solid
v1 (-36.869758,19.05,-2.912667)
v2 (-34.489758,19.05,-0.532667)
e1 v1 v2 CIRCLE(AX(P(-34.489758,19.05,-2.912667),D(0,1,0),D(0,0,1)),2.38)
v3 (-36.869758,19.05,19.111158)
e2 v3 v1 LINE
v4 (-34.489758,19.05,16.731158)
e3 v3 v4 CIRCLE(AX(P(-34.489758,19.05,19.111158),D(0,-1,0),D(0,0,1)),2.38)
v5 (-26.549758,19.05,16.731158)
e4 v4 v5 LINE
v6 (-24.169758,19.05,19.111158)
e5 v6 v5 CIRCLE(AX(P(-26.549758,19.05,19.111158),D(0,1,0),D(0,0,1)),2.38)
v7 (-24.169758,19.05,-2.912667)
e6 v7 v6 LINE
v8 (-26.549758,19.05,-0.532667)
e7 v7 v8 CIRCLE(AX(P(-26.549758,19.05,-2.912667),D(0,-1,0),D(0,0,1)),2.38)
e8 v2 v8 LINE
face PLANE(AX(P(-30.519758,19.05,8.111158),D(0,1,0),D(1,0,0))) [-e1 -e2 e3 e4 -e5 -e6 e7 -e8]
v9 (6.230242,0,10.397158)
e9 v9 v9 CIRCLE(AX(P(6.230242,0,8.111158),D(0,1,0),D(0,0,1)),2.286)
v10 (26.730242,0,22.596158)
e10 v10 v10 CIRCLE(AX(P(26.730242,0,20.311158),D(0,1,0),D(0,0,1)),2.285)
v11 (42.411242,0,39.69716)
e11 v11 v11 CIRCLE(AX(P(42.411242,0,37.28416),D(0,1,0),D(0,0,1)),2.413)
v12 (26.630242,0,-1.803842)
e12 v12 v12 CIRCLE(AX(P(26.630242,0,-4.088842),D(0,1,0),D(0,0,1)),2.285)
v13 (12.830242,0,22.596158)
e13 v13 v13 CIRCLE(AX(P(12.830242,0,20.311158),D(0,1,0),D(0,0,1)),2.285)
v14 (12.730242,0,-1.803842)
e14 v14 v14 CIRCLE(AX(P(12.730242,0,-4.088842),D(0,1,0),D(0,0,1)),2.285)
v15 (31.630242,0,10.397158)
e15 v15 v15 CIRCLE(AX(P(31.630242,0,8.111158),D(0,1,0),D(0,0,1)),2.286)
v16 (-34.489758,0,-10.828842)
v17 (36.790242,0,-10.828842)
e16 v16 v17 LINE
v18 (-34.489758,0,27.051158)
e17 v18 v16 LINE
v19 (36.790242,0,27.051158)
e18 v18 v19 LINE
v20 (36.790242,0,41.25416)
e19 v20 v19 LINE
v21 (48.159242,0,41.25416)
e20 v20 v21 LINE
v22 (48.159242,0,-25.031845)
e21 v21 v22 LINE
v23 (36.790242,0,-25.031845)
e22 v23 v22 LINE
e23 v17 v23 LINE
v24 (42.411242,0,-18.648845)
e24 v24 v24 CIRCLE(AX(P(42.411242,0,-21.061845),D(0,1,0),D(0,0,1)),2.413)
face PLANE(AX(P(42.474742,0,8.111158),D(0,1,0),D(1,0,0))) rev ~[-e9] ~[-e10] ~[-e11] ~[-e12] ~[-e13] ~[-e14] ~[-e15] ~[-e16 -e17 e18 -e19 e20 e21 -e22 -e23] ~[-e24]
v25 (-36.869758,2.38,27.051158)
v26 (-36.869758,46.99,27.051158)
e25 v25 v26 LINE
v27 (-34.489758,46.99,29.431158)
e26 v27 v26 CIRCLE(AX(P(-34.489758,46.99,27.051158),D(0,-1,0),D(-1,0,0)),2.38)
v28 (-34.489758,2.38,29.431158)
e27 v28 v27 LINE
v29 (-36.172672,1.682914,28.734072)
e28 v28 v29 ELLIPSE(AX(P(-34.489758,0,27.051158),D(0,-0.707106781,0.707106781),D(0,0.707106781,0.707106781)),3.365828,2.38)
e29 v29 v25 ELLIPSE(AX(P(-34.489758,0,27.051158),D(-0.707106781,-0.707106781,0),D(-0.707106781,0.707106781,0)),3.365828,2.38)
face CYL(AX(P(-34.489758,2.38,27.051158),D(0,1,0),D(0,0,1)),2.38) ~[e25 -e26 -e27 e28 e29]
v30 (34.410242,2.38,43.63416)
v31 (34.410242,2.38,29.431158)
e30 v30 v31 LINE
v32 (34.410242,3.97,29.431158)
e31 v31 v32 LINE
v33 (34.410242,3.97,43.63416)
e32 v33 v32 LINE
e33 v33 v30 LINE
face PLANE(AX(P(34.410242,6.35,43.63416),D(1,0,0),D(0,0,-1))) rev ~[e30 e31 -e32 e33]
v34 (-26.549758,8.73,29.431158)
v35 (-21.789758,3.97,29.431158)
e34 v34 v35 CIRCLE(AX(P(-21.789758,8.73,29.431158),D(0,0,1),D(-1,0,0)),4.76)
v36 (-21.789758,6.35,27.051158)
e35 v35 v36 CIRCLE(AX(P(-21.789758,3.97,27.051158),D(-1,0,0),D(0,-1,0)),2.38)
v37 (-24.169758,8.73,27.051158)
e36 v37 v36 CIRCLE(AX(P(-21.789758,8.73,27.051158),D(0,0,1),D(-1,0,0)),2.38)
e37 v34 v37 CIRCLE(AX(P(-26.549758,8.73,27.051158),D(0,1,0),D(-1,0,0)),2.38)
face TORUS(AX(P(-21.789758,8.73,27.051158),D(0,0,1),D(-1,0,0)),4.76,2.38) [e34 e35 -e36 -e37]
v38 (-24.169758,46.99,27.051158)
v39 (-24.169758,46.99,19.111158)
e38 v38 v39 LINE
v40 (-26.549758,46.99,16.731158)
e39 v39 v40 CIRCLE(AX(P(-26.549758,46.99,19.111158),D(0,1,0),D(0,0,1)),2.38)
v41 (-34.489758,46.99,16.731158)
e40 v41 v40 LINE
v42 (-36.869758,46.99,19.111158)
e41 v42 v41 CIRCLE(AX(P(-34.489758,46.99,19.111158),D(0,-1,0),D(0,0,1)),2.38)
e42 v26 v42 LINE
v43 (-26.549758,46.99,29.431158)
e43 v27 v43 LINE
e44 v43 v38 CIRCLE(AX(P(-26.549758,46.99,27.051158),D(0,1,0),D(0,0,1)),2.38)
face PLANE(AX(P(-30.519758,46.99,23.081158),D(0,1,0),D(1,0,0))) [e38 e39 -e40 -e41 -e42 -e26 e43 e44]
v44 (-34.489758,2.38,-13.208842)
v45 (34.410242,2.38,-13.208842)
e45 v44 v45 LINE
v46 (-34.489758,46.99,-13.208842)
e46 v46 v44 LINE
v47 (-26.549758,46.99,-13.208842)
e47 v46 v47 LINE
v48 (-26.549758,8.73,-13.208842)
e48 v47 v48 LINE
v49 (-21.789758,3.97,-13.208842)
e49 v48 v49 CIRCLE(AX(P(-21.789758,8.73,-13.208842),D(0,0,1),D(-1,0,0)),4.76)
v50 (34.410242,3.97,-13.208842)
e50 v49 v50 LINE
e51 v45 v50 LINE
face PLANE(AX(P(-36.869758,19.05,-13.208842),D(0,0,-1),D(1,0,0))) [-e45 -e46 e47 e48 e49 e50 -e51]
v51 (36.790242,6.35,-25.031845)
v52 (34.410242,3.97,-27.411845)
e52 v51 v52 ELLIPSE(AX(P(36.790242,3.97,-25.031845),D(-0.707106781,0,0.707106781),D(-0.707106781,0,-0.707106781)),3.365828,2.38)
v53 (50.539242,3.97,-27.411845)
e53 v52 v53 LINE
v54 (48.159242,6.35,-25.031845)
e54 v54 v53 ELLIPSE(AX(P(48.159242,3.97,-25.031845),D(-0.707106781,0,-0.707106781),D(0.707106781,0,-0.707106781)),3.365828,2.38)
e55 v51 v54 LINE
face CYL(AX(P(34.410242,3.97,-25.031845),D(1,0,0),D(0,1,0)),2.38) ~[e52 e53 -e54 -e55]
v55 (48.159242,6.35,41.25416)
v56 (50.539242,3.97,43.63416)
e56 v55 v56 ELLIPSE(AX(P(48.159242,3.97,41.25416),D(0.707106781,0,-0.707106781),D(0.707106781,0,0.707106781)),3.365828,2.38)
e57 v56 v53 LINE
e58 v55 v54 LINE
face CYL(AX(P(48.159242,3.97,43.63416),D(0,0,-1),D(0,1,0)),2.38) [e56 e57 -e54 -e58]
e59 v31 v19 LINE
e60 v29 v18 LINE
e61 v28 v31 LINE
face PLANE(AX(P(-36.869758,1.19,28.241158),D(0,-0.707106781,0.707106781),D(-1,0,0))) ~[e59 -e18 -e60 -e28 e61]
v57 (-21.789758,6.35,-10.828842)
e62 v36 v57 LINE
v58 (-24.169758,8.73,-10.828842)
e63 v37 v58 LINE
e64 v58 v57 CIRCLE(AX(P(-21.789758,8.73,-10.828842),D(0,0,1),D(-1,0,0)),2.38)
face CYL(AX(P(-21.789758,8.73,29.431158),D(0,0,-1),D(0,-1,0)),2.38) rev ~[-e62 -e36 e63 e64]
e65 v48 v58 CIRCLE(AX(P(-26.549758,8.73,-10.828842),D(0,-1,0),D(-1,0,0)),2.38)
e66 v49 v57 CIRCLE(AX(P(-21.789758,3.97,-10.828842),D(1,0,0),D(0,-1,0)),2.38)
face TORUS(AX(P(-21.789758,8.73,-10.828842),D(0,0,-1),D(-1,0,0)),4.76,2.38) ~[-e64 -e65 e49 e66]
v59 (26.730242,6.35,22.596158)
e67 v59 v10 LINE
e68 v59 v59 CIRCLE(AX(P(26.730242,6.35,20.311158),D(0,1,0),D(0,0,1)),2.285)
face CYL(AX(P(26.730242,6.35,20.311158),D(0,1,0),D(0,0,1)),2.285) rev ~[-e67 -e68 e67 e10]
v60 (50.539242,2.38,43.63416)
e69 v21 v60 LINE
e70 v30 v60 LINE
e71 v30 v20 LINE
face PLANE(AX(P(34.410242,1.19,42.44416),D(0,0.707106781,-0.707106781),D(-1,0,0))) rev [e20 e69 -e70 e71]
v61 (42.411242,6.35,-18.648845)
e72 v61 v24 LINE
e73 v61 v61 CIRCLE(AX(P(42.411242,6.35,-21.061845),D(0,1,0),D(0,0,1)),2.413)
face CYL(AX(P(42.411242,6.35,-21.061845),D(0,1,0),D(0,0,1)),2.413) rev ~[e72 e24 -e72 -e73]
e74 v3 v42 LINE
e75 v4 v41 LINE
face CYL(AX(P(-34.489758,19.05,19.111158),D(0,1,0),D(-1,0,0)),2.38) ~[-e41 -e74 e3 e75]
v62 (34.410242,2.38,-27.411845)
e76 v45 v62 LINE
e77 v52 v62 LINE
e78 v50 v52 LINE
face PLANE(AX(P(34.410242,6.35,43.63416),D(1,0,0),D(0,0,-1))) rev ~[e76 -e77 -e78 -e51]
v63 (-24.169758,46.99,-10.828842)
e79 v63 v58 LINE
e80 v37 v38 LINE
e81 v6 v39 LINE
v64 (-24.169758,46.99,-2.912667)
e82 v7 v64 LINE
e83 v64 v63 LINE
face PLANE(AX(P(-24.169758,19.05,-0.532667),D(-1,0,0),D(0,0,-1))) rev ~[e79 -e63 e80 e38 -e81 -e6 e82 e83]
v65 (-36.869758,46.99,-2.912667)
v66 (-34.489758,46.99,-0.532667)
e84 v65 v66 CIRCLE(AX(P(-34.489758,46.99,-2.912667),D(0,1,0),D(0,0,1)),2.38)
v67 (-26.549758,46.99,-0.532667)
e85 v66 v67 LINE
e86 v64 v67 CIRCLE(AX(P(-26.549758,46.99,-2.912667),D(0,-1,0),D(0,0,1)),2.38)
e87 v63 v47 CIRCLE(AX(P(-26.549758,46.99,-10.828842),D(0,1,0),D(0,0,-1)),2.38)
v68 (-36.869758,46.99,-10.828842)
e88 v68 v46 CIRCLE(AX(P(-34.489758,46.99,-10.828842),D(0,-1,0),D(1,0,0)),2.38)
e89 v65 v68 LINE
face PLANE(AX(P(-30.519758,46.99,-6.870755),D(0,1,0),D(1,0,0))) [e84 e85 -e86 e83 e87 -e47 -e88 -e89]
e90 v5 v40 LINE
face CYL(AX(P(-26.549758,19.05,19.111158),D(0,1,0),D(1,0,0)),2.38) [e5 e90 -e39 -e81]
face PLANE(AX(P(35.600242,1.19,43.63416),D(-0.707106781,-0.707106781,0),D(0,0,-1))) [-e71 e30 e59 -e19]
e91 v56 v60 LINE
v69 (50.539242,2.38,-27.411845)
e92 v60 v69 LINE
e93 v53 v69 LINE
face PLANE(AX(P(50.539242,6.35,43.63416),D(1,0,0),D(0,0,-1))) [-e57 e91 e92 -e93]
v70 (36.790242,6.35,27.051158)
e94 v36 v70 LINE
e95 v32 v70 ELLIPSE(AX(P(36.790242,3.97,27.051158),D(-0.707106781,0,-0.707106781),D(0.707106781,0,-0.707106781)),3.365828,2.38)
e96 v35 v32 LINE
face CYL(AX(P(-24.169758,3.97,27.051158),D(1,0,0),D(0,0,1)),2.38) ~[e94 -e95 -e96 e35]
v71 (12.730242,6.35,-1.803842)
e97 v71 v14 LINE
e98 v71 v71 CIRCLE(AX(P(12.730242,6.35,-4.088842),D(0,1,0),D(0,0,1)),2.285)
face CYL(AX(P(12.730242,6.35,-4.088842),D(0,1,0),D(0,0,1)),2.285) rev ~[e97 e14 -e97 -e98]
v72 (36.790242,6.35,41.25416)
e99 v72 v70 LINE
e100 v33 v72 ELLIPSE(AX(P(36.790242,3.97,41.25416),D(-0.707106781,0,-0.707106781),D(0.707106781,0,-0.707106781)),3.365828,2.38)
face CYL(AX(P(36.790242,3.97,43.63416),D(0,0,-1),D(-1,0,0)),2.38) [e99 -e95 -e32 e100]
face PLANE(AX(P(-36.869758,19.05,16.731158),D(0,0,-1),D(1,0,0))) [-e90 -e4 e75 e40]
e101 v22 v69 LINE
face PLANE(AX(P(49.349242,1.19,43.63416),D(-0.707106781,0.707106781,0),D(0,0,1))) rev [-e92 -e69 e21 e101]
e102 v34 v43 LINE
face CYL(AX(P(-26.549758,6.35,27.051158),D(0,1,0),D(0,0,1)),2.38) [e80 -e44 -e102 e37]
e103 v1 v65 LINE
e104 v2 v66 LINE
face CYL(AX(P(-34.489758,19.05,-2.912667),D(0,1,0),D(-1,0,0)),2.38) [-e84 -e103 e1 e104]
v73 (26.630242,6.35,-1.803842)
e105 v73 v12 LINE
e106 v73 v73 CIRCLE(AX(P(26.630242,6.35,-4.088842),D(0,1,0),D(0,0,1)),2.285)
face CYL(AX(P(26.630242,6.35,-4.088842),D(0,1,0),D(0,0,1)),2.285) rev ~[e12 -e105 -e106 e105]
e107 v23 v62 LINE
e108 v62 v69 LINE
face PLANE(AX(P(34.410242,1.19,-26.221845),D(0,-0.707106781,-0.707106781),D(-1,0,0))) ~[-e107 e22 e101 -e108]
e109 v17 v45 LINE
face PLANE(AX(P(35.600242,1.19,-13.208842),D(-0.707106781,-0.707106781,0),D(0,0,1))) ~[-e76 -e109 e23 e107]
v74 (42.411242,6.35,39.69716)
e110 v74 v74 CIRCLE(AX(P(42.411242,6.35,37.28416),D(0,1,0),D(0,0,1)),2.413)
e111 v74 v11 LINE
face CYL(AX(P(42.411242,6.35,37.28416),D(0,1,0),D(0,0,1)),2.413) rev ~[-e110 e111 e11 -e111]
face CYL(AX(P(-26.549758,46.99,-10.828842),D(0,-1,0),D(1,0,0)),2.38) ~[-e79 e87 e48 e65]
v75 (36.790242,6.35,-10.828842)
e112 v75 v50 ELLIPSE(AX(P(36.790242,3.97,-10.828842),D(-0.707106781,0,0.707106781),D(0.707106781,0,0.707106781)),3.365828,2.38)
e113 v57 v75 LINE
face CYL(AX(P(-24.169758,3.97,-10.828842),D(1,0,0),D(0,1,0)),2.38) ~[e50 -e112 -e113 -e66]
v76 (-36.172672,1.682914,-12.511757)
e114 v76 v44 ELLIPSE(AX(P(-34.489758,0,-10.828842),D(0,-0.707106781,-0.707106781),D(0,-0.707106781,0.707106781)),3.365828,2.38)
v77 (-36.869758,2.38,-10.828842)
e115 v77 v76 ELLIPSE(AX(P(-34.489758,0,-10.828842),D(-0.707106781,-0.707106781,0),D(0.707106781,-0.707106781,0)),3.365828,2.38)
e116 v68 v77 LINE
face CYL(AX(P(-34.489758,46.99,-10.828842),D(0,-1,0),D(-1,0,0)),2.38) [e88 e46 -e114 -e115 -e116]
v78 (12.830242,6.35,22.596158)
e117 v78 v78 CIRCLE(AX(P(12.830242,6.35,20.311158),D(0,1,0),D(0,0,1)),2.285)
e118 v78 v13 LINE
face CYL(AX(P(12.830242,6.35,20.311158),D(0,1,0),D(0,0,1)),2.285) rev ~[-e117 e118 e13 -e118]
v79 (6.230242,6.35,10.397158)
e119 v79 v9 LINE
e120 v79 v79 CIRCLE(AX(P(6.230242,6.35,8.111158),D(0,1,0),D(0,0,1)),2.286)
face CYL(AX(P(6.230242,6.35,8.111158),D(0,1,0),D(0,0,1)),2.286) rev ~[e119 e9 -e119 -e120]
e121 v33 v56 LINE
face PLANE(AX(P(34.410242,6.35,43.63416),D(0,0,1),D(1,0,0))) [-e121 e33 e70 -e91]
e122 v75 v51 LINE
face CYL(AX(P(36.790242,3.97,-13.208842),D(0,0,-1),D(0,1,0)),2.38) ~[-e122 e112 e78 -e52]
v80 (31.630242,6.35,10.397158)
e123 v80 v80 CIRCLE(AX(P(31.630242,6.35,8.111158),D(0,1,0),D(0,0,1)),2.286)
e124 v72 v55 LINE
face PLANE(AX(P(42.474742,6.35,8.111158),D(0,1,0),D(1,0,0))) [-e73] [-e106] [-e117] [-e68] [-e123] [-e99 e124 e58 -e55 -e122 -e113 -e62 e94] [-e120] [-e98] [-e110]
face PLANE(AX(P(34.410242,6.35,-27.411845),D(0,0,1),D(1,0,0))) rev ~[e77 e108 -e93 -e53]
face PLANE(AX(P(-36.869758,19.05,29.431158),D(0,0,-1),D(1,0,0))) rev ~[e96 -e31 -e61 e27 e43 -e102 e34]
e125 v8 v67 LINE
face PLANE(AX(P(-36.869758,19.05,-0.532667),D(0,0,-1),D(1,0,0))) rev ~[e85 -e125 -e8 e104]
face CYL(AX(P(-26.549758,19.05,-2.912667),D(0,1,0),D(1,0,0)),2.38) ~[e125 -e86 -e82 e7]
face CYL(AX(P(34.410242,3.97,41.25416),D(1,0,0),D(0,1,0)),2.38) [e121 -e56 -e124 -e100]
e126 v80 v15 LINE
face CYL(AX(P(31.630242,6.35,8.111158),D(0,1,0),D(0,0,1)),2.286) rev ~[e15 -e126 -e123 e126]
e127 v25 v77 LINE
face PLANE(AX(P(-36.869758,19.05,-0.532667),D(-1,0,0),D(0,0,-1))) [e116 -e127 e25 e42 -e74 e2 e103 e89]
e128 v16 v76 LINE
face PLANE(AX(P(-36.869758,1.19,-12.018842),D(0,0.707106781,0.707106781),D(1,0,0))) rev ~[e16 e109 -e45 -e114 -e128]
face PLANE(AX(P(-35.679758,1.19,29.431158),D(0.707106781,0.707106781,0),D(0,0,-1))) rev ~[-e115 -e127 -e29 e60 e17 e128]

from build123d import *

# Parameters (mm, degrees)
SKETCH1_W           = 71.28
SKETCH1_H           = 42.64
BOSS_EXTRUDE1_DEPTH = 6.35
SKETCH3_W           = 12.7
SKETCH3_H           = 42.64
BOSS_EXTRUDE3_DEPTH = 12.7
SKETCH4_W           = 12.7
SKETCH4_H           = 12.7
BOSS_EXTRUDE4_DEPTH = 27.94
SKETCH6_W           = 12.7
SKETCH6_H           = 12.676175504
BOSS_EXTRUDE5_DEPTH = 27.94
SKETCH7_R           = 2.286
SKETCH7_R_2         = 2.285
CUT_EXTRUDE1_DEPTH  = 63.267019151
SKETCH10_W          = 16.129
SKETCH10_H          = 71.046005576
BOSS_EXTRUDE6_DEPTH = 6.35
SKETCH11_R          = 2.413
CUT_EXTRUDE2_DEPTH  = 6.35
CHAMFER1_SIZE       = 2.38
FILLET1_R           = 2.38


with BuildPart() as part:
    # Sketch1 → Boss-Extrude1 (new body)
    with BuildSketch(Plane(origin=(0, 0, 0), x_dir=(1, 0, 0), z_dir=(0, 1, 0))):
        with Locations((-1.22975773, -8.11115762)):
            Rectangle(SKETCH1_W, SKETCH1_H)
    extrude(amount=BOSS_EXTRUDE1_DEPTH)

    # Sketch3 → Boss-Extrude3 (add)
    with BuildSketch(Plane(origin=(0, 6.35, 0), x_dir=(1, 0, 0), z_dir=(0, 1, 0))):
        with Locations((-30.51975773, -8.11115762)):
            Rectangle(SKETCH3_W, SKETCH3_H)
    extrude(amount=BOSS_EXTRUDE3_DEPTH)

    # Sketch4 → Boss-Extrude4 (add)
    with BuildSketch(Plane(origin=(0, 19.05, 0), x_dir=(1, 0, 0), z_dir=(0, 1, 0))):
        with Locations((-30.51975773, -23.08115762)):
            Rectangle(SKETCH4_W, SKETCH4_H)
    extrude(amount=BOSS_EXTRUDE4_DEPTH)

    # Sketch6 → Boss-Extrude5 (add)
    with BuildSketch(Plane(origin=(0, 19.05, 0), x_dir=(1, 0, 0), z_dir=(0, 1, 0))):
        with Locations((-30.51975773, 6.870754628)):
            Rectangle(SKETCH6_W, SKETCH6_H)
    extrude(amount=BOSS_EXTRUDE5_DEPTH)

    # Sketch7 → Cut-Extrude1 (cut, through all)
    with BuildSketch(Plane(origin=(0, 6.35, 0), x_dir=(1, 0, 0), z_dir=(0, 1, 0))):
        with Locations(Location((6.23024227, -8.11115762, 0), (0, 0, 270))):
            Circle(SKETCH7_R)
        with Locations(Location((31.63024227, -8.11115762, 0), (0, 0, 270))):
            Circle(SKETCH7_R)
        with Locations(Location((12.73024227, 4.08884238, 0), (0, 0, 270))):
            Circle(SKETCH7_R_2)
        with Locations(Location((12.83024227, -20.31115762, 0), (0, 0, 270))):
            Circle(SKETCH7_R_2)
        with Locations(Location((26.63024227, 4.08884238, 0), (0, 0, 270))):
            Circle(SKETCH7_R_2)
        with Locations(Location((26.73024227, -20.31115762, 0), (0, 0, 270))):
            Circle(SKETCH7_R_2)
    extrude(amount=-CUT_EXTRUDE1_DEPTH, mode=Mode.SUBTRACT)

    # Sketch10 → Boss-Extrude6 (add)
    with BuildSketch(Plane(origin=(0, 6.35, 0), x_dir=(1, 0, 0), z_dir=(0, 1, 0))):
        with Locations((42.47474227, -8.11115762)):
            Rectangle(SKETCH10_W, SKETCH10_H)
    extrude(amount=-BOSS_EXTRUDE6_DEPTH)

    # Sketch11 → Cut-Extrude2 (cut)
    with BuildSketch(Plane(origin=(0, 6.35, 0), x_dir=(1, 0, 0), z_dir=(0, 1, 0))):
        with Locations(Location((42.41124227, 21.061845168, 0), (0, 0, 270))):
            Circle(SKETCH11_R)
        with Locations(Location((42.41124227, -37.284160408, 0), (0, 0, 270))):
            Circle(SKETCH11_R)
    extrude(amount=-CUT_EXTRUDE2_DEPTH, mode=Mode.SUBTRACT)

    # Chamfer1
    chamfer1_edges = [part.edges().sort_by_distance(p)[0] for p in [
        (-1.22975773, 0, 29.43115762),
        (-36.86975773, 0, 8.11115762),
        (-1.22975773, 0, -13.20884238),
        (34.41024227, 0, -20.310343774),
        (34.41024227, 0, 36.532659014),
        (42.47474227, 0, -27.411845168),
        (50.53924227, 0, 8.11115762),
        (42.47474227, 0, 43.634160408),
    ]]
    chamfer(chamfer1_edges, length=CHAMFER1_SIZE)

    # Fillet1
    fillet1_edges = [part.edges().sort_by_distance(p)[0] for p in [
        (5.12024227, 6.35, 29.43115762),
        (-24.16975773, 6.35, 8.11115762),
        (-24.16975773, 26.67, 29.43115762),
        (-24.16975773, 26.67, -13.20884238),
        (-24.16975773, 33.02, 16.73115762),
        (-36.86975773, 33.02, 16.73115762),
        (-36.86975773, 33.02, -0.532666876),
        (-24.16975773, 33.02, -0.532666876),
        (5.12024227, 6.35, -13.20884238),
        (-36.86975773, 24.685, 29.43115762),
        (-36.86975773, 24.685, -13.20884238),
        (34.41024227, 6.35, -20.310343774),
        (34.41024227, 6.35, 36.532659014),
        (42.47474227, 6.35, 43.634160408),
        (50.53924227, 6.35, 8.11115762),
        (42.47474227, 6.35, -27.411845168),
    ]]
    fillet(fillet1_edges, radius=FILLET1_R)


solid = part.part
